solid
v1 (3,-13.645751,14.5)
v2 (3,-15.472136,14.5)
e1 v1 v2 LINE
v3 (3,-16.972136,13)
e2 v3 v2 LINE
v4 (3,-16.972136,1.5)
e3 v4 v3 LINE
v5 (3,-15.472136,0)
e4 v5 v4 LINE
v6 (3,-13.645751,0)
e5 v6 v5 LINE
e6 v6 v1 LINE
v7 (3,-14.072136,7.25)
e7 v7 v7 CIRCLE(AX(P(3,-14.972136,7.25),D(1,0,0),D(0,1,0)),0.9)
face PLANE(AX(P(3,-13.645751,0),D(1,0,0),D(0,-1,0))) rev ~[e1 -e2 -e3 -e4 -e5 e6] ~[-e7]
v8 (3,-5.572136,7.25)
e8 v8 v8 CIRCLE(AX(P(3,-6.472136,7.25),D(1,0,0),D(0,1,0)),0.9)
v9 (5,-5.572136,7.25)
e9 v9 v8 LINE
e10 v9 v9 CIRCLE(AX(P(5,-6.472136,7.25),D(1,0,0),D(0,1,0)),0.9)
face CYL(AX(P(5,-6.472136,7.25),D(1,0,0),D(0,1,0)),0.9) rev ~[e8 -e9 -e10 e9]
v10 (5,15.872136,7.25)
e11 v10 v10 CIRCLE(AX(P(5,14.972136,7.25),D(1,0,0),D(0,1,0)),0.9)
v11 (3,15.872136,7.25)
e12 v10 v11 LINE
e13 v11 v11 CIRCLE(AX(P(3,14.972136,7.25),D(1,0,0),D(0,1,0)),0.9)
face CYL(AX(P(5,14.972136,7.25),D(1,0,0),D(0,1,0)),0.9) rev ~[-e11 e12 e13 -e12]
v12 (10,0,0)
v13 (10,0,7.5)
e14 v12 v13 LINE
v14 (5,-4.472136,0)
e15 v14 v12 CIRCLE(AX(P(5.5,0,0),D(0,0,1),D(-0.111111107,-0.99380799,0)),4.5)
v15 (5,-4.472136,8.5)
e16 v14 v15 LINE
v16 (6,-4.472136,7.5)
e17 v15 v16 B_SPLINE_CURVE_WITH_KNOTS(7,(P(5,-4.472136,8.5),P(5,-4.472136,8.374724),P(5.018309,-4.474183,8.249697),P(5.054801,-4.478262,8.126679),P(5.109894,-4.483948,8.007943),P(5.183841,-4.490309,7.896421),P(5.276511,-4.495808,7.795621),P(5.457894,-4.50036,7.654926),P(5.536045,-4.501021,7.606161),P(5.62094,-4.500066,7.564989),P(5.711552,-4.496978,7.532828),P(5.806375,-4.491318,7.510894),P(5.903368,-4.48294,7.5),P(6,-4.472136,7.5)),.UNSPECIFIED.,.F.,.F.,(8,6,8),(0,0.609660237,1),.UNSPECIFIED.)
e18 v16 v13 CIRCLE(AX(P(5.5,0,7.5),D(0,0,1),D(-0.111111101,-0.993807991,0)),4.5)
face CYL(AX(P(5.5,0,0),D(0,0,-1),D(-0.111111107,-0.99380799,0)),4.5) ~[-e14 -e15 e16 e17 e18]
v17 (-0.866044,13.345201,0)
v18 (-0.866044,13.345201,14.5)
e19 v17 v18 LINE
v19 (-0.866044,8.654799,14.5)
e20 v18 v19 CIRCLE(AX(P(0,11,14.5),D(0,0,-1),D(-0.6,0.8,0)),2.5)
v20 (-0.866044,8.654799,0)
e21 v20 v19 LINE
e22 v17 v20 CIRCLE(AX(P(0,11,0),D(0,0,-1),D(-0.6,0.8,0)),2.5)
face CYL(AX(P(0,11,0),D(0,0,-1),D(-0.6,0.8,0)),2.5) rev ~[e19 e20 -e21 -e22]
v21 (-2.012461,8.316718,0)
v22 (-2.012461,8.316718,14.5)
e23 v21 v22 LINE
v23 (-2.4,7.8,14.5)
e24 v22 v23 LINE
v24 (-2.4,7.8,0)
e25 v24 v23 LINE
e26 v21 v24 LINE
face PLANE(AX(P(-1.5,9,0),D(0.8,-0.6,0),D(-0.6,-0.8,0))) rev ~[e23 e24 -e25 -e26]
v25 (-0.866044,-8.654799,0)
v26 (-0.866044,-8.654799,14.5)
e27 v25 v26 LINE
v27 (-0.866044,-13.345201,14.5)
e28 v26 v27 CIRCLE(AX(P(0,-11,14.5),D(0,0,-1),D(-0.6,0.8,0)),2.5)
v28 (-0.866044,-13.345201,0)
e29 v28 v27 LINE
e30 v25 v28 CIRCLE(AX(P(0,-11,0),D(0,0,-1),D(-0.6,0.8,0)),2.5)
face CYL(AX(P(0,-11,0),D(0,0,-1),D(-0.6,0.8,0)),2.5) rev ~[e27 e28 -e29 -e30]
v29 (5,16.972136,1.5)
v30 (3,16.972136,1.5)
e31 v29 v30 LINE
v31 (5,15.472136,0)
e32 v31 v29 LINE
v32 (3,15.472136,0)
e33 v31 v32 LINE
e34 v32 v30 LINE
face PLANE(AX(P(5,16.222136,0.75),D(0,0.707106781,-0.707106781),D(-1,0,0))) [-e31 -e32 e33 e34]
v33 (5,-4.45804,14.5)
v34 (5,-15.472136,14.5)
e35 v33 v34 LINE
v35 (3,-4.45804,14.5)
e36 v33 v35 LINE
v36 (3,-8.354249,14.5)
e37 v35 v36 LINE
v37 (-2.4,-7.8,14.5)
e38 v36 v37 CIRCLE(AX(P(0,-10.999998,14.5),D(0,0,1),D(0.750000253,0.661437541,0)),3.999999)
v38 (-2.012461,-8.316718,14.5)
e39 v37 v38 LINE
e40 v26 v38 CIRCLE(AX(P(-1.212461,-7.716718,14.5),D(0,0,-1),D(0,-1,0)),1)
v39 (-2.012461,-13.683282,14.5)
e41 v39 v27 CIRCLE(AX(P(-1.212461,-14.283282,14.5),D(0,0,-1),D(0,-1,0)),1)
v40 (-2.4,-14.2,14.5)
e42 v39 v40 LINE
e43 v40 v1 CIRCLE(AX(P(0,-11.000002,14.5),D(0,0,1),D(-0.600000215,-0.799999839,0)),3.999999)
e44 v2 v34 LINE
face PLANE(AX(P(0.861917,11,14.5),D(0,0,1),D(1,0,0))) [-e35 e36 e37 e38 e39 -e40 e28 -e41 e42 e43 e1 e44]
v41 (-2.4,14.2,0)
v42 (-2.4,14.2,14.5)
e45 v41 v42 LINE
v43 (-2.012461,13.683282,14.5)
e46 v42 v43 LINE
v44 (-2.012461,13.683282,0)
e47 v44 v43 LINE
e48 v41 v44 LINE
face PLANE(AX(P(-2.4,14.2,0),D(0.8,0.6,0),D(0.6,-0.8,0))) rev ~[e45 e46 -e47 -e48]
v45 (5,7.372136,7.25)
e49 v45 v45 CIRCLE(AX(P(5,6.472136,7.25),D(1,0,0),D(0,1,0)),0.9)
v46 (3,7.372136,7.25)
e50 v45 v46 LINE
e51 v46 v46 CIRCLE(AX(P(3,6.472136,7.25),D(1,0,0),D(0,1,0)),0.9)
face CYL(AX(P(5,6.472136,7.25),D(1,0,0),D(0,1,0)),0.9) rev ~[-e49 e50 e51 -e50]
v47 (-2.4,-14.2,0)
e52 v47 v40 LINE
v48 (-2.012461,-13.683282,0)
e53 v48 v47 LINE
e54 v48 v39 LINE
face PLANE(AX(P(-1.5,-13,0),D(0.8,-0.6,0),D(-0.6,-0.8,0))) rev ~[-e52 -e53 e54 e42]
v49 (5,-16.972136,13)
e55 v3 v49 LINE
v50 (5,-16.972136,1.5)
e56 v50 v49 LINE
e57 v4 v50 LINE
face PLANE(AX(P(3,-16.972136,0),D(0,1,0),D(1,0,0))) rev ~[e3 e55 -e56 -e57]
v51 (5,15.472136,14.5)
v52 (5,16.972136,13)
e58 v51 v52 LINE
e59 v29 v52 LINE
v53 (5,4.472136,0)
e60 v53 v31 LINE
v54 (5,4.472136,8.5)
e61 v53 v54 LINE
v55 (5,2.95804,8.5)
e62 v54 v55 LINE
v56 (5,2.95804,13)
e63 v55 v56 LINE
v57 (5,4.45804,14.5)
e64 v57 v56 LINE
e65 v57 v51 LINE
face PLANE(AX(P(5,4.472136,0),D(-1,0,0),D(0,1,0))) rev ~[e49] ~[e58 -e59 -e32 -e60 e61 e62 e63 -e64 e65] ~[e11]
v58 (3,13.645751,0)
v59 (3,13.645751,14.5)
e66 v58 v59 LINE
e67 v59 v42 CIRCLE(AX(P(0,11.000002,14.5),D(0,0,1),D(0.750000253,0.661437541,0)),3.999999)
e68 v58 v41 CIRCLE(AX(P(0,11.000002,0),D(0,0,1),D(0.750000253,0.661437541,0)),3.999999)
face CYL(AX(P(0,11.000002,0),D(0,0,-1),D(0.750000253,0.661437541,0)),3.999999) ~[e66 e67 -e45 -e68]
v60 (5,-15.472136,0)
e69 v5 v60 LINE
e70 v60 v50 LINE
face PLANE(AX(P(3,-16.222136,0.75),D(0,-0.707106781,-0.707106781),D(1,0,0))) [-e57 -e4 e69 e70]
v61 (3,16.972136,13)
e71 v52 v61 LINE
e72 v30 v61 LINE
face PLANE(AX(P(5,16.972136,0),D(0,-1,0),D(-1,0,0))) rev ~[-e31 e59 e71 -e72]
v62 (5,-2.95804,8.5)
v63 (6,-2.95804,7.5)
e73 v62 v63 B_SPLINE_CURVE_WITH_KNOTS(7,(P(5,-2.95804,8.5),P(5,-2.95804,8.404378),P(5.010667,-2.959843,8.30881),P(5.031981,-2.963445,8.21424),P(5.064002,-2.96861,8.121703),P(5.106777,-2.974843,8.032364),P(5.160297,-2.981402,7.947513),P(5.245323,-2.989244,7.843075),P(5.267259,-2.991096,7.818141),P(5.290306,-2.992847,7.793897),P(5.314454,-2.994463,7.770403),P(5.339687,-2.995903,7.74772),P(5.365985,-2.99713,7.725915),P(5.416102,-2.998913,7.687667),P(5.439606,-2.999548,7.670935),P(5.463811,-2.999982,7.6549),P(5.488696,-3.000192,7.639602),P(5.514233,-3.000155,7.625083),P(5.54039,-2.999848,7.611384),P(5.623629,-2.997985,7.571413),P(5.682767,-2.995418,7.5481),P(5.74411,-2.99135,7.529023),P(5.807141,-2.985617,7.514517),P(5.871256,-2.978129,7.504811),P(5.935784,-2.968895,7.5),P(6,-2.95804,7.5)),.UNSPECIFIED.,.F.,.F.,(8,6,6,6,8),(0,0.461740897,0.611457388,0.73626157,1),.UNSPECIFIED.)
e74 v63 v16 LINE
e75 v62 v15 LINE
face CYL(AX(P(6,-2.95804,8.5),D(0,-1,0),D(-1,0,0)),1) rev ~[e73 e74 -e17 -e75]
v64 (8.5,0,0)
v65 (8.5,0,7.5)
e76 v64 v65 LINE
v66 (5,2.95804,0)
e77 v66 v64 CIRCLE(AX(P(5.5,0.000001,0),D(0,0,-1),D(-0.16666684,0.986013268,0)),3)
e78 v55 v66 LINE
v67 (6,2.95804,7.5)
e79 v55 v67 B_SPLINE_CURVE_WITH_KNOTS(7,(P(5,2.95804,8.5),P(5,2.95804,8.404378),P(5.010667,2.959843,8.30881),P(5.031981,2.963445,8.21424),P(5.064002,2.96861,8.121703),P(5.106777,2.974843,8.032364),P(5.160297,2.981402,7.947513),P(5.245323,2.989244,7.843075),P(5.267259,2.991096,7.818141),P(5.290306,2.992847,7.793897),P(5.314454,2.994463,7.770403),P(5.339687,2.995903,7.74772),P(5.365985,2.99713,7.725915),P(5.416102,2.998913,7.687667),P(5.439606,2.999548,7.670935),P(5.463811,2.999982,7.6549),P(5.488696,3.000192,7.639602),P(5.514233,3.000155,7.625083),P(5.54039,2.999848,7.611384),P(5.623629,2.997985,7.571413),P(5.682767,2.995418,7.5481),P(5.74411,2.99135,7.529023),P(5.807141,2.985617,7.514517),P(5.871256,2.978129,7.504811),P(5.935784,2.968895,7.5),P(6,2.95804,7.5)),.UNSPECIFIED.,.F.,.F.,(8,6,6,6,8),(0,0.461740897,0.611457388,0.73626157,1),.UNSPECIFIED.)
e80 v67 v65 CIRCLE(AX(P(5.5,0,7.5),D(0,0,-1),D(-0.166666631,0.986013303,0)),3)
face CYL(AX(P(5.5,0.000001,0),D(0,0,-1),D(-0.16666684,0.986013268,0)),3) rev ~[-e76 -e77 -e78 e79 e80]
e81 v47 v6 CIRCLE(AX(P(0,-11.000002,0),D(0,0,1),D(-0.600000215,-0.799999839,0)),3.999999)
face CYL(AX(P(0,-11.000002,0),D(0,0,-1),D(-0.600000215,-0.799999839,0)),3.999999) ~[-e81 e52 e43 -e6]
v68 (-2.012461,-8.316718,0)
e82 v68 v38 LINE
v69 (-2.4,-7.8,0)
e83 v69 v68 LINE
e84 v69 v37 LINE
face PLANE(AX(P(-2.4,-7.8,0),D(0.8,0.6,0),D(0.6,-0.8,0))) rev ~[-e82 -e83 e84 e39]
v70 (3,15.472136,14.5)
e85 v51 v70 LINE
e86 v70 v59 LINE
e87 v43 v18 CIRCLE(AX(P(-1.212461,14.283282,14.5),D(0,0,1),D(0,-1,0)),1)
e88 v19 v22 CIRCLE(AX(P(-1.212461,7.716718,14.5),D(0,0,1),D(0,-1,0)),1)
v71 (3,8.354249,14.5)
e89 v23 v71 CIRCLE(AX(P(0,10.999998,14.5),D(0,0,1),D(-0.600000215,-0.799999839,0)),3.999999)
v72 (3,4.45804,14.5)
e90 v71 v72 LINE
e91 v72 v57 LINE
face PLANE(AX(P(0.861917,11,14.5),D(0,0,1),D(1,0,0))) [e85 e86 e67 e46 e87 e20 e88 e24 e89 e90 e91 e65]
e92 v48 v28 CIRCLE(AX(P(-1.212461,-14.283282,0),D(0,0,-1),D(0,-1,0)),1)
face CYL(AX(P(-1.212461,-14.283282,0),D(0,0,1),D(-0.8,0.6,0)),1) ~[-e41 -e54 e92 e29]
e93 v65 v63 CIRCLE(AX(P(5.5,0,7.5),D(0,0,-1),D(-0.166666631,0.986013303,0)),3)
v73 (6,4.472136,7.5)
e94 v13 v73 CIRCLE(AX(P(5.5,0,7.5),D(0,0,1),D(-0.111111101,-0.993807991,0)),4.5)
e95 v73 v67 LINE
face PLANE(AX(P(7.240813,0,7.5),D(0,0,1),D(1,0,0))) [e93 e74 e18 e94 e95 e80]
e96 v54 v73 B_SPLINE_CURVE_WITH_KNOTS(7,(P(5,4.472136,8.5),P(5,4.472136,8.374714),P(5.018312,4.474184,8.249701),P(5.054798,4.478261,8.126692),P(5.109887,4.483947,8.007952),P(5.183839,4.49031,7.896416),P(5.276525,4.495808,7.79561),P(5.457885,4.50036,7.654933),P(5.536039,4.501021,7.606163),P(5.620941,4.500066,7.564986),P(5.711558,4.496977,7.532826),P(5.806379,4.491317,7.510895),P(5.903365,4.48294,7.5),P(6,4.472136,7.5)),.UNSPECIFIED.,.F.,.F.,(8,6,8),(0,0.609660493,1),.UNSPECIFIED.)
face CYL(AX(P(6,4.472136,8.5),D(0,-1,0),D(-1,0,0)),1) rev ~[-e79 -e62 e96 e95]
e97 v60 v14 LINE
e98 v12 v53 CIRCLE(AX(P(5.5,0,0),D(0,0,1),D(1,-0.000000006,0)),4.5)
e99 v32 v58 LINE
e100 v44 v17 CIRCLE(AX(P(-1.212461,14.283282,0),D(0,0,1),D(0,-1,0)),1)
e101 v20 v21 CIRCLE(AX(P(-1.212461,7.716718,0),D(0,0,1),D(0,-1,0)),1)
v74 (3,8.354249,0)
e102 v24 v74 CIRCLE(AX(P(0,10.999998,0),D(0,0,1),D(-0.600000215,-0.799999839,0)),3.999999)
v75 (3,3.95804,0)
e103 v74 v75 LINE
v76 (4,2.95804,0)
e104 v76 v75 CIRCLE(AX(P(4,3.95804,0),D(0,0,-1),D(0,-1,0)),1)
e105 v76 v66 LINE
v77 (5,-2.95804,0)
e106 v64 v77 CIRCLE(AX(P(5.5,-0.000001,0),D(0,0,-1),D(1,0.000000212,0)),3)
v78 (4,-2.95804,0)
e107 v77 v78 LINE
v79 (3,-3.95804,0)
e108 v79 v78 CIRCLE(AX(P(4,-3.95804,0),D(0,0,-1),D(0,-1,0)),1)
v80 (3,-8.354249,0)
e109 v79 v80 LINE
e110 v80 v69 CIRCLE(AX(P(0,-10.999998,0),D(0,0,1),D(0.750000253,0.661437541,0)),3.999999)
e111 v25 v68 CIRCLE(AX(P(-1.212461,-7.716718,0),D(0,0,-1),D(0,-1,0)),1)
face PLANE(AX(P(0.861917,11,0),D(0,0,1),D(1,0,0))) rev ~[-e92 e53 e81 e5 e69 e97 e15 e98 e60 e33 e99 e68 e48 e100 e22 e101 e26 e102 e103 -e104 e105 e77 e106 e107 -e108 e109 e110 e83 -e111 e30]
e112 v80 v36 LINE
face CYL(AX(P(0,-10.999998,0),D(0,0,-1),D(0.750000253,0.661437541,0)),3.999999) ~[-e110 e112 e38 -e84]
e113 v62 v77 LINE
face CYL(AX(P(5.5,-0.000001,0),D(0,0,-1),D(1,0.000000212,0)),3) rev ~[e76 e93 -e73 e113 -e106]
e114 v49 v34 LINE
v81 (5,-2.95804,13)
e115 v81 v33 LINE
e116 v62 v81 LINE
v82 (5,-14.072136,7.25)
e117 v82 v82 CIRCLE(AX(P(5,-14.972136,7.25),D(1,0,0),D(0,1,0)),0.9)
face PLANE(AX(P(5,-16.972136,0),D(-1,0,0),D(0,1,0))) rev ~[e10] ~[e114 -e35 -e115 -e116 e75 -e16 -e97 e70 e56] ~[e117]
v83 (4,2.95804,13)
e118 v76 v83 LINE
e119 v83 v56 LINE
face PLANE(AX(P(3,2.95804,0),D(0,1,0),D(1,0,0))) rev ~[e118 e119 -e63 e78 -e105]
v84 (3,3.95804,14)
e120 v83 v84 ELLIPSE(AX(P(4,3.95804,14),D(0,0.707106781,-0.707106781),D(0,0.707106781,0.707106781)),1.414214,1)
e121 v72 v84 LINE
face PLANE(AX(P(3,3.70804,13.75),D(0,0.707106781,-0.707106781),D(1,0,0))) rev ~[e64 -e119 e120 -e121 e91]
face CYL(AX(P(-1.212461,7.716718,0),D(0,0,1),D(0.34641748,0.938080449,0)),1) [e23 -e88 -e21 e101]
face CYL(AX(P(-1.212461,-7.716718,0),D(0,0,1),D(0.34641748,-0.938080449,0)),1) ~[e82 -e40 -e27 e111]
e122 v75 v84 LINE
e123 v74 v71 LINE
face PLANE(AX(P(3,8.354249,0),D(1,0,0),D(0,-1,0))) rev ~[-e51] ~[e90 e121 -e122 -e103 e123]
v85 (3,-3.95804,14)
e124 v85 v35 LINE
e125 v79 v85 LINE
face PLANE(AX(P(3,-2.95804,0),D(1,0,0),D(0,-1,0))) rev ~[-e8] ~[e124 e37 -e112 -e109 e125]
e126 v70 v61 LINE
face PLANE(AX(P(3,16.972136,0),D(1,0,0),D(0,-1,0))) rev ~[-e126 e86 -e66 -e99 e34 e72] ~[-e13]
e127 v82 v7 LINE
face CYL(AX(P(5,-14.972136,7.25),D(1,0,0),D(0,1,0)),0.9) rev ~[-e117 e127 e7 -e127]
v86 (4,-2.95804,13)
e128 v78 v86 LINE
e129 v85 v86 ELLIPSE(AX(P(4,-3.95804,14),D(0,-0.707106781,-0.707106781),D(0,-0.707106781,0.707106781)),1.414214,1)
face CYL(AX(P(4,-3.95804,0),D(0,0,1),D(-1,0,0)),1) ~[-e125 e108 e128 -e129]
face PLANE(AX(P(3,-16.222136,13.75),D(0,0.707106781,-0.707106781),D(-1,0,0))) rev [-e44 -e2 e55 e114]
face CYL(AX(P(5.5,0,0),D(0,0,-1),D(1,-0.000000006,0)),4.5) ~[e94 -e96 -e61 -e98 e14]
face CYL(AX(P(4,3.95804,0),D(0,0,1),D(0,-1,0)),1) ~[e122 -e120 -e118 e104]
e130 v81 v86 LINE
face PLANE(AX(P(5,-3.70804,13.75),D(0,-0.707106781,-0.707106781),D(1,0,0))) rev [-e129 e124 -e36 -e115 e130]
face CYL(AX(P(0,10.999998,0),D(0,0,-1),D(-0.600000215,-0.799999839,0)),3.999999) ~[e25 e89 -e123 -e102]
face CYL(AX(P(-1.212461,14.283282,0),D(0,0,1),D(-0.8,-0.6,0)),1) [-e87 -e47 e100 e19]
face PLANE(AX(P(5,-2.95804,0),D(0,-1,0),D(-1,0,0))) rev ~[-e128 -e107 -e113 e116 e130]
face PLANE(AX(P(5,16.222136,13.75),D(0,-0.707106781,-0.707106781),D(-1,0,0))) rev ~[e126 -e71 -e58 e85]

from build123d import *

# Parameters (mm, degrees)
F1_DEPTH = 14.5
F2_DEPTH = 14.5
F4_DEPTH = 7
F5_R     = 0.9
F6_DEPTH = 2
F7_SIZE  = 1.5
F8_R     = 1


with BuildPart() as f1:
    # F0 (on Top) → F1 (new body)
    with BuildSketch(Plane.XY):
        with BuildLine():
            Line((5, 4.472136), (5, 15))
            Line((5, 15), (5, 16.972136))
            Line((5, 16.972136), (3, 16.972136))
            Line((3, 16.972136), (3, 15))
            Line((3, 15), (3, 13.645751))
            ThreePointArc((3, 13.645751), (4, 11), (3, 8.354249))
            Line((3, 8.354249), (3, 2.95804))
            Line((3, 2.95804), (5, 2.95804))
            ThreePointArc((5, 2.95804), (7.436492, 2.291288), (8.5, 0))
            ThreePointArc((8.5, 0), (7.436492, -2.291288), (5, -2.95804))
            Line((5, -2.95804), (3, -2.95804))
            Line((3, -2.95804), (3, -8.354249))
            ThreePointArc((3, -8.354249), (4, -11), (3, -13.645751))
            Line((3, -13.645751), (3, -15))
            Line((3, -15), (3, -16.972136))
            Line((3, -16.972136), (5, -16.972136))
            Line((5, -16.972136), (5, -15))
            Line((5, -15), (5, -4.472136))
            ThreePointArc((5, -4.472136), (8.5, -3.354102), (10, 0))
            ThreePointArc((10, 0), (8.5, 3.354102), (5, 4.472136))
        make_face()
    extrude(amount=F1_DEPTH)

    # F0 (on Top) → F2 (join)
    with BuildSketch(Plane.XY):
        with BuildLine():
            ThreePointArc((3, 8.354249), (4, 11), (3, 13.645751))
            ThreePointArc((3, 13.645751), (0.408409, 14.979096), (-2.4, 14.2))
            Line((-2.4, 14.2), (-1.5, 13))
            ThreePointArc((-1.5, 13), (2.5, 11), (-1.5, 9))
            Line((-1.5, 9), (-2.4, 7.8))
            ThreePointArc((-2.4, 7.8), (0.408409, 7.020904), (3, 8.354249))
        make_face()
        with BuildLine():
            ThreePointArc((-2.4, -14.2), (0.408409, -14.979096), (3, -13.645751))
            ThreePointArc((3, -13.645751), (4, -11), (3, -8.354249))
            ThreePointArc((3, -8.354249), (0.408409, -7.020904), (-2.4, -7.8))
            Line((-2.4, -7.8), (-1.5, -9))
            ThreePointArc((-1.5, -9), (2.5, -11), (-1.5, -13))
            Line((-1.5, -13), (-2.4, -14.2))
        make_face()
    extrude(amount=F2_DEPTH)

    # F3 (on face) → F4 (cut)
    with BuildSketch(Plane.XY.offset(14.5)):
        with BuildLine():
            Line((5, -2.95804), (5, -4.472136))
            ThreePointArc((5, -4.472136), (10, 0), (5, 4.472136))
            Line((5, 4.472136), (5, 2.95804))
            ThreePointArc((5, 2.95804), (8.5, 0), (5, -2.95804))
        make_face()
    extrude(amount=-F4_DEPTH, mode=Mode.SUBTRACT)

    # F5 (on face) → F6 (cut)
    with BuildSketch(Plane.YZ.offset(5)):
        with Locations((-14.972136, 7.25)):
            Circle(F5_R)
        with Locations((-6.472136, 7.25)):
            Circle(F5_R)
        with Locations((6.472136, 7.25)):
            Circle(F5_R)
        with Locations((14.972136, 7.25)):
            Circle(F5_R)
    extrude(amount=-F6_DEPTH, mode=Mode.SUBTRACT)

    # F7
    f7_edges = [f1.edges().sort_by_distance(p)[0] for p in [
        (4, -16.972136, 14.5),
        (4, -16.972136, 0),
        (4, 16.972136, 0),
        (4, 16.972136, 14.5),
        (4, 2.95804, 14.5),
        (4, -2.95804, 14.5),
    ]]
    chamfer(f7_edges, length=F7_SIZE)

    # F8
    f8_edges = [f1.edges().sort_by_distance(p)[0] for p in [
        (-1.5, -9, 7.25),
        (-1.5, 13, 7.25),
        (-1.5, -13, 7.25),
        (-1.5, 9, 7.25),
        (5, -3.715088, 7.5),
        (5, 3.715088, 7.5),
        (3, 2.95804, 6.5),
        (3, -2.95804, 6.5),
    ]]
    fillet(f8_edges, radius=F8_R)


solid = f1.part
